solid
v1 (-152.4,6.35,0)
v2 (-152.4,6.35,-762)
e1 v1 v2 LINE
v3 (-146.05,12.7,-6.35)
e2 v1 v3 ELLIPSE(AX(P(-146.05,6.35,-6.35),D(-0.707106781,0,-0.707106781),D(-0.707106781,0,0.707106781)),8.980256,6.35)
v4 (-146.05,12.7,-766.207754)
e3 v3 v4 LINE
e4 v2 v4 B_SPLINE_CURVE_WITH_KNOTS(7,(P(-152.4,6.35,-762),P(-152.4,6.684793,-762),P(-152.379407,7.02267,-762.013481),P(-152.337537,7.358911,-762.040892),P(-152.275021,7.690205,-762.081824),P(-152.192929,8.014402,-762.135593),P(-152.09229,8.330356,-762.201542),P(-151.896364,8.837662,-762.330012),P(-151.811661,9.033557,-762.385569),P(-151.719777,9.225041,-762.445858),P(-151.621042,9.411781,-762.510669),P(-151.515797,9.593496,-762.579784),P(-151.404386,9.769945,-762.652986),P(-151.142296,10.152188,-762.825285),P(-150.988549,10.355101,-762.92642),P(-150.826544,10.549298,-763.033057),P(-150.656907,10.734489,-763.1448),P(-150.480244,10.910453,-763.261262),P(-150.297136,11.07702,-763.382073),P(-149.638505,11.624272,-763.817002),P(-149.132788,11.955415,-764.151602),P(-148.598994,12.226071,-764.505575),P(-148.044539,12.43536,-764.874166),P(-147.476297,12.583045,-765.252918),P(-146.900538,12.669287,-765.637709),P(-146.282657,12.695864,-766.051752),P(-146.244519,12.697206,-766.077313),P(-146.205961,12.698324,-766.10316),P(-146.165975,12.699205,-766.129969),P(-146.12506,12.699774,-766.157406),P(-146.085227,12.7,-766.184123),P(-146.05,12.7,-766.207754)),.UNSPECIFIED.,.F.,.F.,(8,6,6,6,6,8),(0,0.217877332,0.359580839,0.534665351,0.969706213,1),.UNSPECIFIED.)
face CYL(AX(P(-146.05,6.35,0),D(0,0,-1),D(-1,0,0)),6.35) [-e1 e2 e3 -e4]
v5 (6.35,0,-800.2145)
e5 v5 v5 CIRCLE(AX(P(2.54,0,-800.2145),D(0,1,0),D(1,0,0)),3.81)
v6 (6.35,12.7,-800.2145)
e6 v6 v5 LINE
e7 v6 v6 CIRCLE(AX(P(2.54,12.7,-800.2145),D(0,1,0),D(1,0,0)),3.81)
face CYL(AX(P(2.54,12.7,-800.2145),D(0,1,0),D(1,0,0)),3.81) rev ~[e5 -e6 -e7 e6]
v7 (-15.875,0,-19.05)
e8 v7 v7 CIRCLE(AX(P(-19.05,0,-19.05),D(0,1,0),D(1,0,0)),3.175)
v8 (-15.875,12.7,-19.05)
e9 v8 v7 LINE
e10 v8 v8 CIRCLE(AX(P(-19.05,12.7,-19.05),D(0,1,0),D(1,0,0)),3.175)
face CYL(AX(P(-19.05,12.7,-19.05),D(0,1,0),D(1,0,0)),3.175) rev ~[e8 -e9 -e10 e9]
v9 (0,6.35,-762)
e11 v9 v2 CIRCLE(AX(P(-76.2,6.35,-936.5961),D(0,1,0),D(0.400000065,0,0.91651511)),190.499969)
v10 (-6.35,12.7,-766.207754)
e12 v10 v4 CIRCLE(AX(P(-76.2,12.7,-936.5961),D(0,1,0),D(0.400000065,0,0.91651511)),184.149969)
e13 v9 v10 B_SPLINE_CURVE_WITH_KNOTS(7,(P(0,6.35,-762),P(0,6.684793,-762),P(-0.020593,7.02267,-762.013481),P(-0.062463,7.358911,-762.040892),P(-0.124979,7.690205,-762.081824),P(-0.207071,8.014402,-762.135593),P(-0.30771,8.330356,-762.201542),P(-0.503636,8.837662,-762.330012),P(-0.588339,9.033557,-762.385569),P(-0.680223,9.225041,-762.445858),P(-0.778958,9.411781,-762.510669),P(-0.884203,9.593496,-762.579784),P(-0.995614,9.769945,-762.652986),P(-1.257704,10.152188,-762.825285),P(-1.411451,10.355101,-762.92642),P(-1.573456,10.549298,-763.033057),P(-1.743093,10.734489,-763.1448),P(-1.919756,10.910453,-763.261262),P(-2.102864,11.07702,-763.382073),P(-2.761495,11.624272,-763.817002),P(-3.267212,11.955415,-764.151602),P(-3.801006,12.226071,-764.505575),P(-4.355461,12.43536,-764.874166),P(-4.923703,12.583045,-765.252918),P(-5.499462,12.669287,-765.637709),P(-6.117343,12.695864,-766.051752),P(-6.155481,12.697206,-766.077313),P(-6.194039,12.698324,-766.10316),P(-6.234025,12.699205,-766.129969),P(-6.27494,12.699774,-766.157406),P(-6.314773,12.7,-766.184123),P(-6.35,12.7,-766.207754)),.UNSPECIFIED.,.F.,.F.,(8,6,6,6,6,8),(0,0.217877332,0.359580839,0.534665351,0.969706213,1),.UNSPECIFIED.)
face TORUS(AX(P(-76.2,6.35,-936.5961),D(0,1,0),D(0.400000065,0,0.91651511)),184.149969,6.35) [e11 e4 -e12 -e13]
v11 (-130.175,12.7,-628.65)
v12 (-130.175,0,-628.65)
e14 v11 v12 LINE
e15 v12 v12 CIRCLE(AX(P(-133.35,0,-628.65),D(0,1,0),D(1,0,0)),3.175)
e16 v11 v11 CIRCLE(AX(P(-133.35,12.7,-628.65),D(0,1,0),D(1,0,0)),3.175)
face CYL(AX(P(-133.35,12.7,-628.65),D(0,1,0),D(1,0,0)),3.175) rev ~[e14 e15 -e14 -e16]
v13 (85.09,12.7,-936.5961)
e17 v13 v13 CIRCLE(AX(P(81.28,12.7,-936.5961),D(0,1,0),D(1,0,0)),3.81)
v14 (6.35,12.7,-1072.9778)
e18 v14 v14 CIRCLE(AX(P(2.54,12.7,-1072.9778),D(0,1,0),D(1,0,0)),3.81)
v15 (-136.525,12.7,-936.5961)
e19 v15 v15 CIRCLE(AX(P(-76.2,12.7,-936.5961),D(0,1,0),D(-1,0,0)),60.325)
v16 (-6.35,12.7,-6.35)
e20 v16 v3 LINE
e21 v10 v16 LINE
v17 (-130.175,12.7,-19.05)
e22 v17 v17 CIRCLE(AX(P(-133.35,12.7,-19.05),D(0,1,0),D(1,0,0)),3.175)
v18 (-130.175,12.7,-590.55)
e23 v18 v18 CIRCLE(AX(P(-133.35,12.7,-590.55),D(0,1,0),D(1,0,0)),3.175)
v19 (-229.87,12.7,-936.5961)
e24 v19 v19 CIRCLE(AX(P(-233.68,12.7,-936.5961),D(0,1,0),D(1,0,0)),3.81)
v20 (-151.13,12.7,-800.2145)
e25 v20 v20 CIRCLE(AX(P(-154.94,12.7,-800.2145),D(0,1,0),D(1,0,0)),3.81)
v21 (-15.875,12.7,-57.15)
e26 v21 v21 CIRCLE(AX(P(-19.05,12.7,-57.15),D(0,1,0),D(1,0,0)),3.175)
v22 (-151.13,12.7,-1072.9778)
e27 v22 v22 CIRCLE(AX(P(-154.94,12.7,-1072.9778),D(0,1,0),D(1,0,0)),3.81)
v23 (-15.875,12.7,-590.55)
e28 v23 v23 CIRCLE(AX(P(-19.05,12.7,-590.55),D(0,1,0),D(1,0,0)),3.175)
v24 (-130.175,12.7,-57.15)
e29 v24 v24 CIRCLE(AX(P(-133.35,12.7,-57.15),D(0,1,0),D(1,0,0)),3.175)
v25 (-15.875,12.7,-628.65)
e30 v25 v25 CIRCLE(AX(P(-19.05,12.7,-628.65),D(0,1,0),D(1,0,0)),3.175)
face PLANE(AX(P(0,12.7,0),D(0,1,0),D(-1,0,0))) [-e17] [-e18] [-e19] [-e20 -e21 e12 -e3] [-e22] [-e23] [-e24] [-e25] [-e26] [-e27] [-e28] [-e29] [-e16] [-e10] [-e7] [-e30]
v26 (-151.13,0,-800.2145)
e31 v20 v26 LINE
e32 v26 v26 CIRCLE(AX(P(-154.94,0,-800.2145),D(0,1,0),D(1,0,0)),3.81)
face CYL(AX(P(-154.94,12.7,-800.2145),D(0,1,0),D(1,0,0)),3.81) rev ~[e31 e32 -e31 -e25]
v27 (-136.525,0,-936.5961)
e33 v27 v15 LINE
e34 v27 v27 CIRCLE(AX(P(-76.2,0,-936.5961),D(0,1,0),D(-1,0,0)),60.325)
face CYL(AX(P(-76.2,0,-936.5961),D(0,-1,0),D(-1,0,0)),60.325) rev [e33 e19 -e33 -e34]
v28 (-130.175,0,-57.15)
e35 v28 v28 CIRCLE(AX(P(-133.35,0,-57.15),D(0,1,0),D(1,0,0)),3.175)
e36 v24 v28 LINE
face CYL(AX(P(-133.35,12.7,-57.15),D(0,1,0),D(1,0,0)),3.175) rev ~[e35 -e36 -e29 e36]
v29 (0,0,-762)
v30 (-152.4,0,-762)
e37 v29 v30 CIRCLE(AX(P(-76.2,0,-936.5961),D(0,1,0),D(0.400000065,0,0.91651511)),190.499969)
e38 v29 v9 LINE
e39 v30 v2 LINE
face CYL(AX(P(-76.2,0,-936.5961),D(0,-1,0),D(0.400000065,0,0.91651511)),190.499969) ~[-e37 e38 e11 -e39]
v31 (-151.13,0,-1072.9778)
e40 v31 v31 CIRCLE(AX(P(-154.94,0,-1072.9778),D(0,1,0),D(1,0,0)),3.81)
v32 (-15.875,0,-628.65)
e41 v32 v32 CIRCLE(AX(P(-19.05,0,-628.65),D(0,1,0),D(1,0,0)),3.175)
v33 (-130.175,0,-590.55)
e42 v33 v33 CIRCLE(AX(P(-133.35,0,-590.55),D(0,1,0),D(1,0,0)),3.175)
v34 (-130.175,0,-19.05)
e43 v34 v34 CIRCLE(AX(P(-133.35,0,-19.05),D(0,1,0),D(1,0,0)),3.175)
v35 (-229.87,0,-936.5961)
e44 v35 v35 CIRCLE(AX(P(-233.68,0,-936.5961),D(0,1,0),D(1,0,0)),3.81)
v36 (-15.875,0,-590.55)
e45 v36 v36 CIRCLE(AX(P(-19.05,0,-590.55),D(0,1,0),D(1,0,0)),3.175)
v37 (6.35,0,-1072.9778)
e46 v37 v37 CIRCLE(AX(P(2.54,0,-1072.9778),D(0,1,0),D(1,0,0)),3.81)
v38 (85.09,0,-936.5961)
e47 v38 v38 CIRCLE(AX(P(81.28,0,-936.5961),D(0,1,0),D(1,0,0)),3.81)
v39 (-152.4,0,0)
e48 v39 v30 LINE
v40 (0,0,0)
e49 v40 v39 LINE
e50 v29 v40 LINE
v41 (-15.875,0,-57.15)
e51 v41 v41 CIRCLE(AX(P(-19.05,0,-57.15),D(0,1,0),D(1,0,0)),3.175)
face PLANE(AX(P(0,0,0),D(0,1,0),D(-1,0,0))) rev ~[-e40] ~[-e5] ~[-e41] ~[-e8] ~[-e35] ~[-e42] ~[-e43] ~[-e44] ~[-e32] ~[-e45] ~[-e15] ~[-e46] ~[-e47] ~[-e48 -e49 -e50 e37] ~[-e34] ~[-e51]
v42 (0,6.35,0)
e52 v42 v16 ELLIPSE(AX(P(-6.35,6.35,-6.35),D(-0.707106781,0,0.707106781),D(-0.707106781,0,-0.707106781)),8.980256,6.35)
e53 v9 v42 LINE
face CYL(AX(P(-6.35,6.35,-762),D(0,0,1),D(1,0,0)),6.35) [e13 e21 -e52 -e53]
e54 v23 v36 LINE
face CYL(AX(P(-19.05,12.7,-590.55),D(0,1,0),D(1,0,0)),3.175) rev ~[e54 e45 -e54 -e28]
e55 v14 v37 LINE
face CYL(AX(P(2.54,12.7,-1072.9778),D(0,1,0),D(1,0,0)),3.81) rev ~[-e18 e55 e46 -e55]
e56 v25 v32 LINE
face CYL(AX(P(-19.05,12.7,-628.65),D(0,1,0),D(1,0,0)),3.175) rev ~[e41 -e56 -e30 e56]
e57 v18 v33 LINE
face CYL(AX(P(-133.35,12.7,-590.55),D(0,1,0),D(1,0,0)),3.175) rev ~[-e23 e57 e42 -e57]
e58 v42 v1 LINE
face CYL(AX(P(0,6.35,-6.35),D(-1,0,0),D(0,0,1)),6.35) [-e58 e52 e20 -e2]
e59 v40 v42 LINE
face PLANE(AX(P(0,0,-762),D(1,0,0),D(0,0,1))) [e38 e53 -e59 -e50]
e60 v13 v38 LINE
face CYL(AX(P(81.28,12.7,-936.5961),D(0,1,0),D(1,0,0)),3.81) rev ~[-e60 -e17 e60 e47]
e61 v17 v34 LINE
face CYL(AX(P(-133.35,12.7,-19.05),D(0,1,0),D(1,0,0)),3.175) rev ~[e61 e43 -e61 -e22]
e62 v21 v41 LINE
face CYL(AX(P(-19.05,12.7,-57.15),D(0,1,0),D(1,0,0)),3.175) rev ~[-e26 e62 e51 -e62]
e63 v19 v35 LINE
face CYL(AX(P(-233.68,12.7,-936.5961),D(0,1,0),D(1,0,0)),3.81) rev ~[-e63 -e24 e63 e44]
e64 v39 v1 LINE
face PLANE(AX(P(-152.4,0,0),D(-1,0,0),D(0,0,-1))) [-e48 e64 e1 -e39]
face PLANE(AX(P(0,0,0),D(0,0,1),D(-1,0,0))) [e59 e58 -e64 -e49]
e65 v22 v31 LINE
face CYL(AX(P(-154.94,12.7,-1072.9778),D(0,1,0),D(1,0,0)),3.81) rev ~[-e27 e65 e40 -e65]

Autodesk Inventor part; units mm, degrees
ref_plane "YZ Plane" through (0, 0, 0) normal (1, 0, 0) x (0, 1, 0)
ref_plane "XZ Plane" through (0, 0, 0) normal (0, 1, 0) x (-1, 0, 0)
ref_plane "XY Plane" through (0, 0, 0) normal (0, 0, 1) x (1, 0, 0)
sketch "Sketch1" plane through (0, 0, 0) normal (0, 1, 0) x (-1, 0, 0)
  line L0 (0, 0) -> (152.4, 0)
  line L1 (152.4, 0) -> (152.4, -762)
  line L2 (0, -762) -> (0, 0)
  line L3 (152.4, -762) -> (0, -762) construction
  arc A0 (0, -762) -> (152.4, -762) centre (76.2, -936.5961) ccw
  line L4 (152.4, -590.1365) -> (152.4, -762) construction
  circle A1 centre (76.2, -936.5961) radius 60.325
  dimension "d1" = 762
  dimension "d5" = 381
  dimension "d6" = 120.65
  dimension "d11" = 762
extrude "Extrusion1" add sketch "Sketch1" along normal blind 12.7
fillet "Fillet1" radius 6.35 4 edges at (-76.2, 12.7, 0) (0, 12.7, -381) (-152.4, 12.7, -381) (-76.2, 12.7, -1127.0961)
sketch "Sketch2" plane through (0, 12.7, 0) normal (0, 1, 0) x (1, 0, 0)
  circle A0 centre (-76.2, 936.5961) radius 60.325 construction
  line L0 (-76.2, 936.5961) -> (-76.2, 876.2711) construction
  circle A1 centre (-76.2, 936.5961) radius 157.48 construction
  circle A2 centre (-233.68, 936.5961) radius 3.81
  circle A3 centre (-154.94, 800.2145) radius 3.81
  circle A4 centre (2.54, 800.2145) radius 3.81
  circle A5 centre (81.28, 936.5961) radius 3.81
  circle A6 centre (2.54, 1072.9778) radius 3.81
  circle A7 centre (-154.94, 1072.9778) radius 3.81
  point P0 (0, 0)
  dimension "d10" = 314.96
  dimension "d12" = 7.62
  dimension "d15" = 360
extrude "Extrusion2" cut sketch "Sketch2" against normal blind 12.7
sketch "Sketch3" plane through (0, 12.7, 0) normal (0, 1, 0) x (1, 0, 0)
  line L0 (0, 0) -> (-152.4, 0) construction
  line L1 (-76.2, 0) -> (-76.2, 12.7) construction
  line L2 (-76.2, 0) -> (-63.5, 0) construction
  line L3 (-12.7, 15.875) -> (-12.7, 60.325) construction
  line L4 (-15.875, 63.5) -> (-136.525, 63.5) construction
  line L5 (-139.7, 60.325) -> (-139.7, 15.875) construction
  line L6 (-136.525, 12.7) -> (-15.875, 12.7) construction
  circle A0 centre (-19.05, 57.15) radius 3.175
  circle A1 centre (-19.05, 57.15) radius 3.175
  circle A2 centre (-19.05, 19.05) radius 3.175
  circle A3 centre (-19.05, 19.05) radius 3.175
  circle A4 centre (-133.35, 57.15) radius 3.175
  circle A5 centre (-133.35, 57.15) radius 3.175
  circle A6 centre (-133.35, 19.05) radius 3.175
  arc A7 (-12.7, 60.325) -> (-15.875, 63.5) centre (-15.875, 60.325) ccw construction
  arc A8 (-15.875, 12.7) -> (-12.7, 15.875) centre (-15.875, 15.875) ccw construction
  arc A9 (-139.7, 15.875) -> (-136.525, 12.7) centre (-136.525, 15.875) ccw construction
  arc A10 (-136.525, 63.5) -> (-139.7, 60.325) centre (-136.525, 60.325) ccw construction
  line L7 (-76.2, 12.7) -> (-76.2, 63.5) construction
  line L8 (-76.2, 63.5) -> (-76.2, 584.2) construction
  line L9 (-139.7, 676.656) -> (-104.4, 676.656) construction
  line L10 (-139.7, 676.656) -> (-139.7, 587.375) construction
  line L11 (-136.525, 584.2) -> (-15.875, 584.2) construction
  line L12 (-12.7, 587.375) -> (-12.7, 676.656) construction
  line L13 (-12.7, 676.656) -> (-139.7, 676.656) construction
  arc A11 (-139.7, 587.375) -> (-136.525, 584.2) centre (-136.525, 587.375) ccw construction
  arc A12 (-15.875, 584.2) -> (-12.7, 587.375) centre (-15.875, 587.375) ccw construction
  circle A13 centre (-133.35, 590.55) radius 3.175
  circle A14 centre (-133.35, 590.55) radius 3.175
  circle A15 centre (-133.35, 628.65) radius 3.175
  circle A16 centre (-133.35, 628.65) radius 3.175
  circle A17 centre (-19.05, 590.55) radius 3.175
  circle A18 centre (-19.05, 590.55) radius 3.175
  circle A19 centre (-19.05, 628.65) radius 3.175
  circle A20 centre (-19.05, 628.65) radius 3.175
  line L14 (-76.2, 584.2) -> (-76.2, 676.656) construction
  point P0 (-12.7, 12.7)
  point P1 (-139.7, 635)
  dimension "d19" = 12.7
  dimension "d20" = 90
  dimension "d21" = 3.175
  dimension "d24" = 520.7
  dimension "d26" = 3.175
extrude "Extrusion3" cut sketch "Sketch3" against normal blind 12.7
properties part number "Arm Layer 1"
